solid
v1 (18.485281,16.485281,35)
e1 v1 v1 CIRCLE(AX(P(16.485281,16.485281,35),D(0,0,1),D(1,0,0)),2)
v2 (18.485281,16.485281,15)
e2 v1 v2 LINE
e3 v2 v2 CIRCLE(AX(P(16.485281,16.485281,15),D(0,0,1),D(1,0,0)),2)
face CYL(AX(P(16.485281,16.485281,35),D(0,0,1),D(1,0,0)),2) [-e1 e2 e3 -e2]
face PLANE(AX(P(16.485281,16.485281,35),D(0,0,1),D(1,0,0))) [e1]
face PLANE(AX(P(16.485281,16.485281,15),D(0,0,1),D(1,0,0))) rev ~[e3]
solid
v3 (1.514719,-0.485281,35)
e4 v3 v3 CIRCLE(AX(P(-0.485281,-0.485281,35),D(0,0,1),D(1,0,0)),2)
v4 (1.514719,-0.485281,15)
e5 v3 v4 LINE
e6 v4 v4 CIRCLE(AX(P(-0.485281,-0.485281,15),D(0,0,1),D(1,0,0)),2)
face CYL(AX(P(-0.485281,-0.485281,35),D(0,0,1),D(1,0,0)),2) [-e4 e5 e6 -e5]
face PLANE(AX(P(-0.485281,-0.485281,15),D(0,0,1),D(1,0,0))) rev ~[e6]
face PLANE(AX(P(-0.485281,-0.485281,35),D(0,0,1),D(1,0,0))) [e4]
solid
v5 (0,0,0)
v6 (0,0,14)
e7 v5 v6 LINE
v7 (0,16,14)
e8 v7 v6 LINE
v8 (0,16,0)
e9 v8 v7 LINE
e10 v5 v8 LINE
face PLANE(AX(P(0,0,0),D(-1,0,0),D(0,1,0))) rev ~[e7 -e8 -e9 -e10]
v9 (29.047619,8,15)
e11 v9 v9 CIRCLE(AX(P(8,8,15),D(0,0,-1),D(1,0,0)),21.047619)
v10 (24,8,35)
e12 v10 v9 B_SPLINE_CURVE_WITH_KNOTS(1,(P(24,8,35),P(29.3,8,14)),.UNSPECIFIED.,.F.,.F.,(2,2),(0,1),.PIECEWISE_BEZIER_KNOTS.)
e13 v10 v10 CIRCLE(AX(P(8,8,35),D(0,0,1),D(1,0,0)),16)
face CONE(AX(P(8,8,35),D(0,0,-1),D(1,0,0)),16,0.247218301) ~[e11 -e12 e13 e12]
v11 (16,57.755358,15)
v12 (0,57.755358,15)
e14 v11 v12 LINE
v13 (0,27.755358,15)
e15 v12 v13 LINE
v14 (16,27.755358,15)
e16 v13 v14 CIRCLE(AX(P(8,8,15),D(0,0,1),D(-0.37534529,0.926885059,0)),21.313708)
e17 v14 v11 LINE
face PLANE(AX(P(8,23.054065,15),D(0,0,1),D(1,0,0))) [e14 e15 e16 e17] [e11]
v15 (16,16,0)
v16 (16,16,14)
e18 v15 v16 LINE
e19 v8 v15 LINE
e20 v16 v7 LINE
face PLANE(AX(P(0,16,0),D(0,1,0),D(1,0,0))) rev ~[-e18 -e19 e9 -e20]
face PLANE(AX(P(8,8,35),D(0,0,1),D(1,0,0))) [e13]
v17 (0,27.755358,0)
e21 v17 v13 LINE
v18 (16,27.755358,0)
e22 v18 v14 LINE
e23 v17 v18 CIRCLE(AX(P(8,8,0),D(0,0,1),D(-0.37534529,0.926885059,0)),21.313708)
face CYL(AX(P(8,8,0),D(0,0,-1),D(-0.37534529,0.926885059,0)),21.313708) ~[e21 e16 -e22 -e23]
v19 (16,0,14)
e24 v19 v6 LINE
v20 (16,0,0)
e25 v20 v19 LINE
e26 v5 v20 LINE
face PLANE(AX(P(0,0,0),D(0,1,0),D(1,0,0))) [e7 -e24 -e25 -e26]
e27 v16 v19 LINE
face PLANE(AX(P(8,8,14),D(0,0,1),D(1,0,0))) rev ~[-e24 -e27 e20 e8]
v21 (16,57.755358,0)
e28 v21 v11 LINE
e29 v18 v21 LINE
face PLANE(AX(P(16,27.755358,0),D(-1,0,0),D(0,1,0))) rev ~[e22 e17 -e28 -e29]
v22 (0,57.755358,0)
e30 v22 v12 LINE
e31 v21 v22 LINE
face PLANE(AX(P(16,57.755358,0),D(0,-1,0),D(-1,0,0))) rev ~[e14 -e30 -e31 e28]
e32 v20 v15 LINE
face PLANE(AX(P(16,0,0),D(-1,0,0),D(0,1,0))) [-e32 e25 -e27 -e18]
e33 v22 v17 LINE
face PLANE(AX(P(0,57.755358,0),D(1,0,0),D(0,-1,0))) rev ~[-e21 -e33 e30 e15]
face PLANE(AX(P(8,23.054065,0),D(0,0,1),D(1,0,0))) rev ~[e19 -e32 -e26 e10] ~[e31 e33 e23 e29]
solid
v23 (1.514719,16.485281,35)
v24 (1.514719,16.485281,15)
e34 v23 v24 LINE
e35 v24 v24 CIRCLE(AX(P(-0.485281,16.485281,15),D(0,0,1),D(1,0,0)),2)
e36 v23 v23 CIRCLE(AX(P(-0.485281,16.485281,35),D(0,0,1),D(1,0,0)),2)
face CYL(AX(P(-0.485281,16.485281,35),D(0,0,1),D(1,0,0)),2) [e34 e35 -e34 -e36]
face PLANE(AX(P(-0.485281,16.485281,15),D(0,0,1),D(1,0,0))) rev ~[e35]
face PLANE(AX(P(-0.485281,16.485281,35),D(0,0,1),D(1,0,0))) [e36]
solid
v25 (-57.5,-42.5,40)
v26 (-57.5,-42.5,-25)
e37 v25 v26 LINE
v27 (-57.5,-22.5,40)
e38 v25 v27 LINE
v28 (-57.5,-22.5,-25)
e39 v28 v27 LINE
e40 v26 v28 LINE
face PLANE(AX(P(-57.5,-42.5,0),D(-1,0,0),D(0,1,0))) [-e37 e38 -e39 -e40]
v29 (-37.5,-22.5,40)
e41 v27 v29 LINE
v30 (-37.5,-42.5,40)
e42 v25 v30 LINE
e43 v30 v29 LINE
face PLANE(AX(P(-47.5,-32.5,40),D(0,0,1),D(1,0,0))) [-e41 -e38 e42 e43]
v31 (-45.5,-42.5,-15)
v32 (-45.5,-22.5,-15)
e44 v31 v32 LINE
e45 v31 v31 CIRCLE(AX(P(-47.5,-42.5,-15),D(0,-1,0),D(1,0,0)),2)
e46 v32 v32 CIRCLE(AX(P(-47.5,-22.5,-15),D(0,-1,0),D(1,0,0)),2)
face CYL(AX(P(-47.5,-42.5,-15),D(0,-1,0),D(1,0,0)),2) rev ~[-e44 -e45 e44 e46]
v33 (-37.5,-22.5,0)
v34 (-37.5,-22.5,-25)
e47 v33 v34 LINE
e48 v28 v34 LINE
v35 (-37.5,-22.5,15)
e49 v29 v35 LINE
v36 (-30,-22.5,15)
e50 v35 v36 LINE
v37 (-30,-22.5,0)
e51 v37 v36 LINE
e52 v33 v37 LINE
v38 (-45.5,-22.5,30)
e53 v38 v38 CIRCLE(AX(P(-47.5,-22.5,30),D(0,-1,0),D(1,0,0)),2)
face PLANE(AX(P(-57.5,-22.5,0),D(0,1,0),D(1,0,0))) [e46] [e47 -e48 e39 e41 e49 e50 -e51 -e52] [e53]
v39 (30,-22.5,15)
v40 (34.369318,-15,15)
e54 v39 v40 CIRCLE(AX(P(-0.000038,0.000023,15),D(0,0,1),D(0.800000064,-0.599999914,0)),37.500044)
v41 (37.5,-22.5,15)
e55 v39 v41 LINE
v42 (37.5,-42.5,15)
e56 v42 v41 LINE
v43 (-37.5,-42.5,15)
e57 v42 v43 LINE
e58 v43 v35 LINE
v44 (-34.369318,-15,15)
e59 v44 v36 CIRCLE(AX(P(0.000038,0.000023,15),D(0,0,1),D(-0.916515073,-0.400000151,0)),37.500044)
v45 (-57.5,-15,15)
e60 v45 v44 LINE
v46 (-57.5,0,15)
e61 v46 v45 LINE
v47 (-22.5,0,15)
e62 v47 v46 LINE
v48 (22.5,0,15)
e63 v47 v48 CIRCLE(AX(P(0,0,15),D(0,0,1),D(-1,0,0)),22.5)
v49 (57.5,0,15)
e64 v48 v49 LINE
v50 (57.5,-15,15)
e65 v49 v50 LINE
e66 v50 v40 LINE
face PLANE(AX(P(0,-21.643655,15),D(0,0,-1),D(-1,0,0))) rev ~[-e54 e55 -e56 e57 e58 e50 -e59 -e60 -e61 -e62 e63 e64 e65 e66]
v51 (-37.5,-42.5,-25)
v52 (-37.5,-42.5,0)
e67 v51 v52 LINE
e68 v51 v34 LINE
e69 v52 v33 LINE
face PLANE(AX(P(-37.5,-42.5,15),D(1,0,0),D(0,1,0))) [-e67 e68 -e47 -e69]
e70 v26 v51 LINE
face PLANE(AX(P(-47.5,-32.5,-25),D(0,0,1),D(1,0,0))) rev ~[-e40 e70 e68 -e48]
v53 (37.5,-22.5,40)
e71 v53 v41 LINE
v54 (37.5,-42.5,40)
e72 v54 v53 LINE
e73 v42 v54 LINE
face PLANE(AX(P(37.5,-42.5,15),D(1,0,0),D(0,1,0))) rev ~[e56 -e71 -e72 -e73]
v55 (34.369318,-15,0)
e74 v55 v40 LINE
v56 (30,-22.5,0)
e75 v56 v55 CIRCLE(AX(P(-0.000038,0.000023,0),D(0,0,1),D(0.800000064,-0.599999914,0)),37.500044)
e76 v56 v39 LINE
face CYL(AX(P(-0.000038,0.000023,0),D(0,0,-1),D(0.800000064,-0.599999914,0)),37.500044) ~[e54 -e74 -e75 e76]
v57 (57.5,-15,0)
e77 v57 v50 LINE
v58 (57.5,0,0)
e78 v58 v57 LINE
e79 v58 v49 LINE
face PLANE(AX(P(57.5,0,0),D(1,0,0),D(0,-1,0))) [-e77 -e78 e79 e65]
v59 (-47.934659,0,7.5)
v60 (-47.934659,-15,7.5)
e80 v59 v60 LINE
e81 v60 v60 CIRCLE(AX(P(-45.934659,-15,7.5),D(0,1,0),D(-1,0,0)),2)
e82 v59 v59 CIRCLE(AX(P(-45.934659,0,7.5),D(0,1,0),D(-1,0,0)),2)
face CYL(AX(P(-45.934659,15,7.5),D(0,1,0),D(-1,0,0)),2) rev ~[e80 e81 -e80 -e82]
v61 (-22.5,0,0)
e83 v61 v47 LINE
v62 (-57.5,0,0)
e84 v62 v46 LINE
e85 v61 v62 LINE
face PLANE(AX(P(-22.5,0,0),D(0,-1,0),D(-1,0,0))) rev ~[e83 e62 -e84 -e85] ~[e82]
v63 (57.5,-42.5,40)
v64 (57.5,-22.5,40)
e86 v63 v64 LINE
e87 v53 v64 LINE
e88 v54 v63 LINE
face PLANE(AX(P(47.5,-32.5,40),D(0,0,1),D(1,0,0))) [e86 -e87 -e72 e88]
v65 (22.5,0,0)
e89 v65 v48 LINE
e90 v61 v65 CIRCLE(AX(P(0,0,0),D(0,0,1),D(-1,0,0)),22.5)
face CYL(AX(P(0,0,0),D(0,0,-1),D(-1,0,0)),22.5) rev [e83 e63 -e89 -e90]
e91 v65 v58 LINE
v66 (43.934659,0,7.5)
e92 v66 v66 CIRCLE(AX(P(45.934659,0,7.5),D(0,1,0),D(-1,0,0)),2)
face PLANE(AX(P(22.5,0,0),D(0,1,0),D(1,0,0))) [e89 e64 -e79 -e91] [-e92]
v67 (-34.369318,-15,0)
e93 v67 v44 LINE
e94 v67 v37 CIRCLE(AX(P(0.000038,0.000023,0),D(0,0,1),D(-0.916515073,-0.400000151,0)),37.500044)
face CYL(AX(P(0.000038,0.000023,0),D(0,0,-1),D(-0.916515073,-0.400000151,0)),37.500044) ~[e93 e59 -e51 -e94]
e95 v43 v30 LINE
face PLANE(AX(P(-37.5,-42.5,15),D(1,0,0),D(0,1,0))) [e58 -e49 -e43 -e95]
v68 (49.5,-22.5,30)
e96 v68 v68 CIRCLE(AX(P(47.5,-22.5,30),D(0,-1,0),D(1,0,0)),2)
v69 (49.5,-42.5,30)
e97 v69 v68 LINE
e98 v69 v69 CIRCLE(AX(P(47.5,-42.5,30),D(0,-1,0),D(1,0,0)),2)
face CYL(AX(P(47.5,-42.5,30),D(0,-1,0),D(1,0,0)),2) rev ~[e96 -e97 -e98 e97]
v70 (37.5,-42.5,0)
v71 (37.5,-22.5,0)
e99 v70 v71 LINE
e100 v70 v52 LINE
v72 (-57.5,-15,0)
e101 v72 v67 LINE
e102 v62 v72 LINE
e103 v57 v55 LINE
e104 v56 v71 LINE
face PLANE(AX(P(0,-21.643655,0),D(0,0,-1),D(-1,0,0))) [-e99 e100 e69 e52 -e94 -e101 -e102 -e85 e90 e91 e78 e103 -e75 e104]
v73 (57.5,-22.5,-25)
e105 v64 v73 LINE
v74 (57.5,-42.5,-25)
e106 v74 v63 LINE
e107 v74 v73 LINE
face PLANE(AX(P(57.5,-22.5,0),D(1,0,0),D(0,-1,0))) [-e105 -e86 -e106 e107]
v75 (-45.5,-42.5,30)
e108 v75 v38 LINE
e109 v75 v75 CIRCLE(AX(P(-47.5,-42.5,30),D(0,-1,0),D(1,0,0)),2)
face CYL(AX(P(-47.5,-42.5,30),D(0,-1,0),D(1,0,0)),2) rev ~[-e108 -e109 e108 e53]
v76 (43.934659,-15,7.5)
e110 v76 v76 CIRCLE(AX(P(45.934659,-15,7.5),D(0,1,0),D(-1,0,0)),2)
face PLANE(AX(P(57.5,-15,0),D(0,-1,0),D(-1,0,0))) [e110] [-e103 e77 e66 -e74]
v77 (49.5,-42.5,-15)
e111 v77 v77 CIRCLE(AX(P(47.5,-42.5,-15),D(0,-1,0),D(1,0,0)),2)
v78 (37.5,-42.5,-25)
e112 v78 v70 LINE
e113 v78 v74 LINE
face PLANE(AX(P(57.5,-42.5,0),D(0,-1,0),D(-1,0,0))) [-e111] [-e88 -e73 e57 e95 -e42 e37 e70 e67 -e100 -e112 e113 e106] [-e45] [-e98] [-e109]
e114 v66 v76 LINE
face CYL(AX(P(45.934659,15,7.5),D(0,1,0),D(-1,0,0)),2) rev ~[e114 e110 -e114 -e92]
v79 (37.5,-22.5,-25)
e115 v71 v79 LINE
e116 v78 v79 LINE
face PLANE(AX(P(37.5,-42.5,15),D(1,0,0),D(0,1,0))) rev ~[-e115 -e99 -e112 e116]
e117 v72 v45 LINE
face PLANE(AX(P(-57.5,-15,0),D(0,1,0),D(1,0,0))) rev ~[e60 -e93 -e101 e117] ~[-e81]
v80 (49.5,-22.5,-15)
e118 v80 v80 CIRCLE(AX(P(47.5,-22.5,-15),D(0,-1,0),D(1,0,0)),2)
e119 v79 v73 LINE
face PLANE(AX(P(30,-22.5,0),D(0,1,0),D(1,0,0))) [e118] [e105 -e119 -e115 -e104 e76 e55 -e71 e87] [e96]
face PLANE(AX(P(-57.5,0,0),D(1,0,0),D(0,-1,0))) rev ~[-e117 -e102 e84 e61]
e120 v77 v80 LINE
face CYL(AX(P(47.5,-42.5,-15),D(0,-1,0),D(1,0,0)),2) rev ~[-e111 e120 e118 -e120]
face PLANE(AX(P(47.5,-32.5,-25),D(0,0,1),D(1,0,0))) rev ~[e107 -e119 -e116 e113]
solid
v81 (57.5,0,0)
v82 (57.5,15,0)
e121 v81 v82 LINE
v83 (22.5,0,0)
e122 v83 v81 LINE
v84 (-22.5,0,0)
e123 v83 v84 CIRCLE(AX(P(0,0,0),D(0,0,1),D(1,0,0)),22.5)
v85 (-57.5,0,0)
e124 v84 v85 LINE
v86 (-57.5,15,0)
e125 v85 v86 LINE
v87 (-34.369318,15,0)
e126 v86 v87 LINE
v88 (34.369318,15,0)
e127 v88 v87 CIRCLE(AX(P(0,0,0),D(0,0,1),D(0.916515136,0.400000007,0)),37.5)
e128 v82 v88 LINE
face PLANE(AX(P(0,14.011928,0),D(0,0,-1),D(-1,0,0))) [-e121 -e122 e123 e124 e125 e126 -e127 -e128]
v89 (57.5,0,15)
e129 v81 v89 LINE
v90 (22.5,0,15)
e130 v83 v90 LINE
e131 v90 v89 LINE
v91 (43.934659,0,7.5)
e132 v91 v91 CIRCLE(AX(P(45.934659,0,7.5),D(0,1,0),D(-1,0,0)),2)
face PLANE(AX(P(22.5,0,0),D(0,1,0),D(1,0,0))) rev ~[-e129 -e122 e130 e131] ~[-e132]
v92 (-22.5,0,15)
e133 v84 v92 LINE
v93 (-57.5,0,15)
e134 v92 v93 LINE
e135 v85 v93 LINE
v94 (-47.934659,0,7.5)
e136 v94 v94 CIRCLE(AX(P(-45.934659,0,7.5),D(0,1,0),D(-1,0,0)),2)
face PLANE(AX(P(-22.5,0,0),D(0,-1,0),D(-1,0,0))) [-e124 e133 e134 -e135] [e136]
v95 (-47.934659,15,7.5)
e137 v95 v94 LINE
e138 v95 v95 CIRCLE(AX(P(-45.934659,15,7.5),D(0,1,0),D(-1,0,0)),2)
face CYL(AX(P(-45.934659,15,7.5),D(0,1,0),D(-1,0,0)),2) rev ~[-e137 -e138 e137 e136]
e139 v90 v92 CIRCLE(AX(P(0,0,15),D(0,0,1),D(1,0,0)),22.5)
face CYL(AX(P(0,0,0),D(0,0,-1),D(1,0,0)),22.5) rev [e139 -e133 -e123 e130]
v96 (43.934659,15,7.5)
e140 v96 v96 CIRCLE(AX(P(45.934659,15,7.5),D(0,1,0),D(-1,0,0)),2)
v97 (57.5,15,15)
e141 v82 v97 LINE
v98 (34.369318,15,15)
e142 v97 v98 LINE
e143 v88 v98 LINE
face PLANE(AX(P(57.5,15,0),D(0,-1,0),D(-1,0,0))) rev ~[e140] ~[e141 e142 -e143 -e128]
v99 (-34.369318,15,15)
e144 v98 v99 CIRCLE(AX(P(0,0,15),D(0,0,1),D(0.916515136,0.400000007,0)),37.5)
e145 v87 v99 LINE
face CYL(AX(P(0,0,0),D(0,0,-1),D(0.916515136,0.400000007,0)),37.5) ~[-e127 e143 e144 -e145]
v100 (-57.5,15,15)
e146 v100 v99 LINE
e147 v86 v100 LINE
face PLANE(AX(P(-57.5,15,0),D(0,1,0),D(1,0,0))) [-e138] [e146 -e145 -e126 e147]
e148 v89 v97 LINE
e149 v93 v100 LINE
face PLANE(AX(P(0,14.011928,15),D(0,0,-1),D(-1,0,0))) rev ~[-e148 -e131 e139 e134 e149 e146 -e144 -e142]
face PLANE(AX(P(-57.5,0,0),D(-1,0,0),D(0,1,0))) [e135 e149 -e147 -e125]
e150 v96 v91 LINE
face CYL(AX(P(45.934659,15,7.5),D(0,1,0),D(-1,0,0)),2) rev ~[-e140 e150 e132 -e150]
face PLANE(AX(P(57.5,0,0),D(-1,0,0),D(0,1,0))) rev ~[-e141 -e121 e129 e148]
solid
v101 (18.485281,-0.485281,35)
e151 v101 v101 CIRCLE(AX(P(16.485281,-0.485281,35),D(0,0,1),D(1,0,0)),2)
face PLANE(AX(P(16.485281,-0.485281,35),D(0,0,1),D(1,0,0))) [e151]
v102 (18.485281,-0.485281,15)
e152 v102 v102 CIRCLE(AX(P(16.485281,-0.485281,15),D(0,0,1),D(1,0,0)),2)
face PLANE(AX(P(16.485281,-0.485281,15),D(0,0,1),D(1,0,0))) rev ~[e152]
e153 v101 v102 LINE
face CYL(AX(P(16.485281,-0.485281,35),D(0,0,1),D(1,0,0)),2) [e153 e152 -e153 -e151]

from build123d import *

# Parameters (mm, degrees)
SKETCH004_R           = 2
EXTRUDE004_DEPTH      = 30
EXTRUDE_DEPTH         = 15
EXTRUDE005_DEPTH      = 30
EXTRUDE001_DEPTH      = 15
SKETCH003_R           = 2
EXTRUDE003_DEPTH      = 30
SKETCH002_W           = 20
SKETCH002_H           = 20
EXTRUDE002_DEPTH      = 25
EXTRUDE002_DEPTH_BACK = 40
SKETCH008_R           = 2
EXTRUDE007_DEPTH      = 20
SKETCH005_W           = 16
SKETCH005_H           = 16
EXTRUDE006_DEPTH      = 15
SKETCH006_R           = 16
SKETCH007_R           = 21.3


with BuildPart() as connectscrewstop:
    # Sketch004 (on Face6 of Extrude) → Extrude004 (new body)
    with BuildSketch(Plane(origin=(0, 15, 0), x_dir=(-1, 0, 0), z_dir=(0, 1, 0))):
        with Locations((-45.934659, 7.5)):
            Circle(SKETCH004_R)
        with Locations((45.934659, 7.5)):
            Circle(SKETCH004_R)
    extrude(amount=-EXTRUDE004_DEPTH)


with BuildPart() as top:
    # Sketch → Extrude (new body)
    with BuildSketch(Plane.XY):
        with BuildLine():
            ThreePointArc((22.5, 0), (0, 22.5), (-22.5, 0))
            Line((-22.5, 0), (-57.5, 0))
            Line((-57.5, 0), (-57.5, 15))
            Line((-57.5, 15), (-34.369318, 15))
            ThreePointArc((34.369318, 15), (0, 37.5), (-34.369318, 15))
            Line((57.5, 15), (34.369318, 15))
            Line((57.5, 0), (57.5, 15))
            Line((22.5, 0), (57.5, 0))
        make_face()
    extrude(amount=EXTRUDE_DEPTH)

    # Cut001: cut ConnectScrewsTop
    add(connectscrewstop.part, mode=Mode.SUBTRACT)


with BuildPart() as connectscrewsbottom:
    # Sketch004 (on Face6 of Extrude) → Extrude005 (new body)
    with BuildSketch(Plane(origin=(0, 15, 0), x_dir=(-1, 0, 0), z_dir=(0, 1, 0))):
        with Locations((-45.934659, 7.5)):
            Circle(SKETCH004_R)
        with Locations((45.934659, 7.5)):
            Circle(SKETCH004_R)
    extrude(amount=-EXTRUDE005_DEPTH)


with BuildPart() as bottom:
    # Sketch001 (on Sketch) → Extrude001 (new body)
    with BuildSketch(Plane.XY):
        with BuildLine():
            ThreePointArc((-22.5, 0), (0, -22.5), (22.5, 0))
            Line((22.5, 0), (57.5, 0))
            Line((57.5, 0), (57.5, -15))
            Line((57.5, -15), (34.369318, -15))
            ThreePointArc((30, -22.5), (32.402388, -18.876844), (34.369318, -15))
            Line((30, -22.5), (57.5, -22.5))
            Line((57.5, -22.5), (57.5, -42.5))
            Line((57.5, -42.5), (-57.5, -42.5))
            Line((-57.5, -42.5), (-57.5, -22.5))
            Line((-57.5, -22.5), (-30, -22.5))
            ThreePointArc((-34.369318, -15), (-32.402388, -18.876844), (-30, -22.5))
            Line((-57.5, -15), (-34.369318, -15))
            Line((-57.5, 0), (-57.5, -15))
            Line((-22.5, 0), (-57.5, 0))
        make_face()
    extrude(amount=EXTRUDE001_DEPTH)

    # Cut002: cut ConnectScrewsBottom
    add(connectscrewsbottom.part, mode=Mode.SUBTRACT)


with BuildPart() as basescrews:
    # Sketch003 (on Face4 of Extrude002) → Extrude003 (new body)
    with BuildSketch(Plane.XZ.offset(42.5)):
        with Locations((-47.5, 30)):
            Circle(SKETCH003_R)
        with Locations((-47.5, -15)):
            Circle(SKETCH003_R)
        with Locations((47.5, 30)):
            Circle(SKETCH003_R)
        with Locations((47.5, -15)):
            Circle(SKETCH003_R)
    extrude(amount=-EXTRUDE003_DEPTH)


with BuildPart() as bottomhalf:
    # Sketch002 (on Face16 of Extrude001) → Extrude002 (new body, two sides)
    with BuildSketch(Plane.XY.offset(15)) as extrude002_sk:
        with Locations((47.5, -32.5)):
            Rectangle(SKETCH002_W, SKETCH002_H)
        with Locations((-47.5, -32.5)):
            Rectangle(SKETCH002_W, SKETCH002_H)
    extrude(amount=EXTRUDE002_DEPTH)
    extrude(extrude002_sk.sketch, amount=-EXTRUDE002_DEPTH_BACK)

    # Cut: cut BaseScrews
    add(basescrews.part, mode=Mode.SUBTRACT)

    # Fusion: union Bottom
    add(bottom.part)


with BuildPart() as screwholes:
    # Sketch008 (on Face2 of Loft) → Extrude007 (new body)
    with BuildSketch(Plane.XY.offset(35)):
        with Locations((16.485281, 16.485281)):
            Circle(SKETCH008_R)
        with Locations((-0.485281, 16.485281)):
            Circle(SKETCH008_R)
        with Locations((-0.485281, -0.485281)):
            Circle(SKETCH008_R)
        with Locations((16.485281, -0.485281)):
            Circle(SKETCH008_R)
    extrude(amount=-EXTRUDE007_DEPTH)


with BuildPart() as socket:
    # Sketch005 → Extrude006 (new body)
    with BuildSketch(Plane.XY):
        with BuildLine():
            ThreePointArc((0, 27.755358), (8, -13.313708), (16, 27.755358))
            Line((16, 27.755358), (16, 57.755358))
            Line((16, 57.755358), (0, 57.755358))
            Line((0, 57.755358), (0, 27.755358))
        make_face()
        with Locations((8, 8)):
            Rectangle(SKETCH005_W, SKETCH005_H, mode=Mode.SUBTRACT)
    extrude(amount=EXTRUDE006_DEPTH)


with BuildPart() as fusion001:
    # Sketch006 (on Face10 of Extrude006) → Loft section 0
    with BuildSketch(Plane.XY.offset(35)):
        with Locations((8, 8)):
            Circle(SKETCH006_R)
    # Sketch007 (on Face10 of Extrude006) → Loft section 1
    with BuildSketch(Plane.XY.offset(14)):
        with Locations((8, 8)):
            Circle(SKETCH007_R)
    loft()

    # Fusion001: union Socket
    add(socket.part)


solid = Compound([top.part, bottomhalf.part, screwholes.part, fusion001.part])
